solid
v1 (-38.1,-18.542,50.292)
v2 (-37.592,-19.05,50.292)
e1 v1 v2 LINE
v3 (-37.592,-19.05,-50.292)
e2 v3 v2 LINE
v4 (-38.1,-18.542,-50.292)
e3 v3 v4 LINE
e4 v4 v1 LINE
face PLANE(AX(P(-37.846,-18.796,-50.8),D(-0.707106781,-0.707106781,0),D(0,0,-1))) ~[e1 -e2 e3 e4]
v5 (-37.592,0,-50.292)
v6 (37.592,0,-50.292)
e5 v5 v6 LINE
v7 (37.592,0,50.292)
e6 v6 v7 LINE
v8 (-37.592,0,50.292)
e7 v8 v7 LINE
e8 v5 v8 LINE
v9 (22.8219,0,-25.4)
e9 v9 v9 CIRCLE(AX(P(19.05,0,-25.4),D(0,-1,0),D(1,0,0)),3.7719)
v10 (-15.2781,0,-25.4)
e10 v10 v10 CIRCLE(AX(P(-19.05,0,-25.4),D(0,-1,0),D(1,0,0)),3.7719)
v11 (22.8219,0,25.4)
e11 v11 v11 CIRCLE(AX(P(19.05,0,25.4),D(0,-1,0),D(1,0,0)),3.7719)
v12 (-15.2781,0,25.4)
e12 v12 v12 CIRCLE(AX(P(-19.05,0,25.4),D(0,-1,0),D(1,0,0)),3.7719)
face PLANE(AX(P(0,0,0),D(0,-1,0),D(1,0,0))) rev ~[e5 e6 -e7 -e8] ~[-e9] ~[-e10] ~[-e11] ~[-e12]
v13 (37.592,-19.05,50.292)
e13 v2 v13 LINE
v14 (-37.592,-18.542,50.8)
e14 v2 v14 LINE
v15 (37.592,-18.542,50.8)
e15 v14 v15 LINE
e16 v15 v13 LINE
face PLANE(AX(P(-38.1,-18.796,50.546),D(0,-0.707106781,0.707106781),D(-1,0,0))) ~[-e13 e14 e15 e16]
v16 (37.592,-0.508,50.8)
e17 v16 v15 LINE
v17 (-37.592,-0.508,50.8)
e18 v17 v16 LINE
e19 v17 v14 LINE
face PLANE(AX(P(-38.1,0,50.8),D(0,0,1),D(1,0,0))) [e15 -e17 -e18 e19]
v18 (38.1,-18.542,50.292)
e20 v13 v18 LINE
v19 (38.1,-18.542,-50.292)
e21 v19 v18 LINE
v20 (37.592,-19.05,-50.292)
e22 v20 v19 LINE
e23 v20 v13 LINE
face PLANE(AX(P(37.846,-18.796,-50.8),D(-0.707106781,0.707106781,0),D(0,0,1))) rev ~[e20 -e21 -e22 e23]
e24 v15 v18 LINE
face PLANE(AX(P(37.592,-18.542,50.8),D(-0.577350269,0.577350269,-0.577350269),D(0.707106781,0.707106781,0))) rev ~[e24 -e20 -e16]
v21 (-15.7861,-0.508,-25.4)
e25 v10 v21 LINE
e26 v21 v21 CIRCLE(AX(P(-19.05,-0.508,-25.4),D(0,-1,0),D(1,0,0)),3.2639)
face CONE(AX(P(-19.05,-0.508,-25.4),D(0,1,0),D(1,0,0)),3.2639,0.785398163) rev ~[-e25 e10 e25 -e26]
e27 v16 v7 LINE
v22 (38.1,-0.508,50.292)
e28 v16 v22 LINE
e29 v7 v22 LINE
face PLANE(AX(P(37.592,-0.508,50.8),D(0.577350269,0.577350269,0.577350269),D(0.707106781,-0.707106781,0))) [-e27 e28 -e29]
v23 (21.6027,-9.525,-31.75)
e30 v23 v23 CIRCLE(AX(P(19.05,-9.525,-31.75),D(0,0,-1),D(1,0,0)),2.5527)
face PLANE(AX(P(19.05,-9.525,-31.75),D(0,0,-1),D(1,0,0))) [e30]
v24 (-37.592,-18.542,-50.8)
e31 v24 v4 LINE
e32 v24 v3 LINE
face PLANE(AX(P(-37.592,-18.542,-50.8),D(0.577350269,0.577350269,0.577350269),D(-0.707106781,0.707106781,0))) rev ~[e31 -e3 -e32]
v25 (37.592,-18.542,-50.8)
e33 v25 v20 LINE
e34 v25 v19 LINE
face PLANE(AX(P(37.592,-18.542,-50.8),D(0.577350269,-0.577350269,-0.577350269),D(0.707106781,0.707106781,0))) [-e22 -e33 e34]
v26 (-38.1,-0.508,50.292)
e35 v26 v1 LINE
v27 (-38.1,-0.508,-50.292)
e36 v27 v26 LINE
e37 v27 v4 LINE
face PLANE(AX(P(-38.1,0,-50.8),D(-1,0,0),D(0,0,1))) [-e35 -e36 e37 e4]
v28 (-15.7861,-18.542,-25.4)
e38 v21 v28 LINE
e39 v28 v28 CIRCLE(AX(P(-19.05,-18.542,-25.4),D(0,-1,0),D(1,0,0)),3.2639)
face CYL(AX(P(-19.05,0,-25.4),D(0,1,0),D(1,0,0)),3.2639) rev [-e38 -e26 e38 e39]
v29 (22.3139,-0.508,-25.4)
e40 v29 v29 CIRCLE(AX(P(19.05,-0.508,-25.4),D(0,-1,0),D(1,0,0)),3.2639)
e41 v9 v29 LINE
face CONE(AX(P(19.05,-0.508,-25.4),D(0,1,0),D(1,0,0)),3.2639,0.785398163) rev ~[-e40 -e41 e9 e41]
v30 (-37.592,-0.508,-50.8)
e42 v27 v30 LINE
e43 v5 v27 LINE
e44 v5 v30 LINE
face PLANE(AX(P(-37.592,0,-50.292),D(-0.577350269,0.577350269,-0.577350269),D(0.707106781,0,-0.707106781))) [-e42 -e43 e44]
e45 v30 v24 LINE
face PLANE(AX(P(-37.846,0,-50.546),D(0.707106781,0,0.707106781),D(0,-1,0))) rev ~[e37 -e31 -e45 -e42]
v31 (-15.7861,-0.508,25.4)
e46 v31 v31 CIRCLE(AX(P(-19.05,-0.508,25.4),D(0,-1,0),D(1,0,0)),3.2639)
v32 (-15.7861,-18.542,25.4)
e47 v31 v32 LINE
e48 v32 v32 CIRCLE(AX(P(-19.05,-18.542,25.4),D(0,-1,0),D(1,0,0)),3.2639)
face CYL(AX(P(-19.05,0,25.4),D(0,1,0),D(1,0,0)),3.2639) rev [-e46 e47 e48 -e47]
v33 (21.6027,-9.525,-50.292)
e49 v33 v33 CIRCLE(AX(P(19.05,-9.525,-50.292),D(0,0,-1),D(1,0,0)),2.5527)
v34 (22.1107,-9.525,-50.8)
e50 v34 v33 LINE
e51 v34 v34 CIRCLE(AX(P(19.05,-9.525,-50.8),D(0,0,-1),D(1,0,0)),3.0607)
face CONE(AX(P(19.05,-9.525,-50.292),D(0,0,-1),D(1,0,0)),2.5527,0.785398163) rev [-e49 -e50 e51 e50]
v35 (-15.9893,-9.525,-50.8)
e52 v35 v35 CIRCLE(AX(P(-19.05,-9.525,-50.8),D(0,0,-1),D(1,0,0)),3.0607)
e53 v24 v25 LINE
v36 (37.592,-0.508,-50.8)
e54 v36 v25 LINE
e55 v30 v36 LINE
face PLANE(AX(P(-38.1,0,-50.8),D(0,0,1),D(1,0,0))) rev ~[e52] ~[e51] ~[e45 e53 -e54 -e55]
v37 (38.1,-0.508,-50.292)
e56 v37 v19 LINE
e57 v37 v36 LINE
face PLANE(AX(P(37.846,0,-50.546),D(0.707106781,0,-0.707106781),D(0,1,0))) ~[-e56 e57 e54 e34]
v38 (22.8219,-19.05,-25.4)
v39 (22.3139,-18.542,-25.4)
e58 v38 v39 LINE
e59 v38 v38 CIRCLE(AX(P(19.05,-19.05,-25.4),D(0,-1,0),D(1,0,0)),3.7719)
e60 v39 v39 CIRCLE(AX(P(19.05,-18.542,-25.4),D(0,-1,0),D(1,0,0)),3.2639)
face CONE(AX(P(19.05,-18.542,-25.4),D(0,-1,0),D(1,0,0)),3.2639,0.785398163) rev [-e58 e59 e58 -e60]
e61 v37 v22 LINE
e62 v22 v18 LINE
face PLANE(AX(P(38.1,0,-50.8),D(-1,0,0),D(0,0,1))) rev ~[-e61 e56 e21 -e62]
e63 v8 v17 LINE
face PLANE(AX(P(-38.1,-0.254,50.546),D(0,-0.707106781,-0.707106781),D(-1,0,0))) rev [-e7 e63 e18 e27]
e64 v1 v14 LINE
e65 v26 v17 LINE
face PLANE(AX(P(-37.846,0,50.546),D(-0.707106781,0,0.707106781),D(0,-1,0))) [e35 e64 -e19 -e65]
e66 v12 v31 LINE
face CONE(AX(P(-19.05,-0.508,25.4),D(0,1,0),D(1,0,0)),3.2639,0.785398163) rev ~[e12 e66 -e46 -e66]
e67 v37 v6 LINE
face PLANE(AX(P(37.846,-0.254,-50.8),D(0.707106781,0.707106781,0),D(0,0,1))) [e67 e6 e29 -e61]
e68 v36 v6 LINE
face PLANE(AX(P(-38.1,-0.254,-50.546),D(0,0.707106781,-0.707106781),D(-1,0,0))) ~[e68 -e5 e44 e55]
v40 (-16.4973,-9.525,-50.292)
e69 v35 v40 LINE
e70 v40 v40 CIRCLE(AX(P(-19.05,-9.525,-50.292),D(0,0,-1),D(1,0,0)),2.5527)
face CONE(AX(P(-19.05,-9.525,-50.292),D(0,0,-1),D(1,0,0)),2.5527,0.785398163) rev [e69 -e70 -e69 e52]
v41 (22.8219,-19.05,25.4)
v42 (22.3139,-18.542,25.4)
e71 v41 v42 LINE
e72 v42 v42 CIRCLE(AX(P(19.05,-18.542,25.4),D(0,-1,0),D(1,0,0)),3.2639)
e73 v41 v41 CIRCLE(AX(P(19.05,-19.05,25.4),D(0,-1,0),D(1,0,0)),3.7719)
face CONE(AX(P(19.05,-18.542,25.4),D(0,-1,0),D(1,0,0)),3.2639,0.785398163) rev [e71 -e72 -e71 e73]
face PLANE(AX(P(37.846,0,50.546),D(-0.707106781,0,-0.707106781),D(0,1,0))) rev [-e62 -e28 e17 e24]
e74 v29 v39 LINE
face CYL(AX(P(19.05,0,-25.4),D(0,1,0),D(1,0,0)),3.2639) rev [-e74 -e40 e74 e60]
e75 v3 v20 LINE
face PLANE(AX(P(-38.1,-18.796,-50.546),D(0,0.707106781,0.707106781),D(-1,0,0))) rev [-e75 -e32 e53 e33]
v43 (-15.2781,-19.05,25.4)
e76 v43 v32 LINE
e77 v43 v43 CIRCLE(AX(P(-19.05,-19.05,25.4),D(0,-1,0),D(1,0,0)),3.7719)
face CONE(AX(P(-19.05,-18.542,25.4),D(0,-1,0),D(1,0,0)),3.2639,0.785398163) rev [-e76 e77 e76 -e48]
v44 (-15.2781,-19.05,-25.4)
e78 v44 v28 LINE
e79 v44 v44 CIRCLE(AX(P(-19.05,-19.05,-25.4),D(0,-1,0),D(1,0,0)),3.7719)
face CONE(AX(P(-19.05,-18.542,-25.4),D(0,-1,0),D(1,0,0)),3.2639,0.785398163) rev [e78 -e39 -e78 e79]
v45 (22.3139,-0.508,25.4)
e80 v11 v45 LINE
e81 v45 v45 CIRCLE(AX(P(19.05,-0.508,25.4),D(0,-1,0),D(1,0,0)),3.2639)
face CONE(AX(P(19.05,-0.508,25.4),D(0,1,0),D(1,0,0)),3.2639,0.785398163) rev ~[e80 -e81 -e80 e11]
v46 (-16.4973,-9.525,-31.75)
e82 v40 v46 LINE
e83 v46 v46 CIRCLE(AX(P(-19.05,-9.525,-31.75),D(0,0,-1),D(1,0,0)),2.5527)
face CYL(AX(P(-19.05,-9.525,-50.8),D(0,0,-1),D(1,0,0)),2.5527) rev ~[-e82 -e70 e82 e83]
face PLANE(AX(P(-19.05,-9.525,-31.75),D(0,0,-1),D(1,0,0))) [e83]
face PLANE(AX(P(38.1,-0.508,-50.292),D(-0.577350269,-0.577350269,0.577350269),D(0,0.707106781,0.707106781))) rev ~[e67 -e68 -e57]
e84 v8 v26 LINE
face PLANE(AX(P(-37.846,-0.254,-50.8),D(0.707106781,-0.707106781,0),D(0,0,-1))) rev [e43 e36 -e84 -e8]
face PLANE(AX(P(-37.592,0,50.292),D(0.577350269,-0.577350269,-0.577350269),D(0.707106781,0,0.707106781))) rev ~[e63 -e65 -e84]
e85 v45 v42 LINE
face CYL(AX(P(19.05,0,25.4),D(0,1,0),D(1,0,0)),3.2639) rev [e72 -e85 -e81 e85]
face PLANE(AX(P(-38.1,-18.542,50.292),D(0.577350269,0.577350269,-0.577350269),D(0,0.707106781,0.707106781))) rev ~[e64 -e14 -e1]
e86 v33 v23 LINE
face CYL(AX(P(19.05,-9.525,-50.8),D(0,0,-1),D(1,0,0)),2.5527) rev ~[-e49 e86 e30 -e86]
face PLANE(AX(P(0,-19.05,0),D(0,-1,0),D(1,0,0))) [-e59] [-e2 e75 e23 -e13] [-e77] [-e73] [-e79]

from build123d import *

# Parameters (mm, degrees)
F0_W     = 76.2
F0_H     = 101.6
F0_R     = 3.2639
F1_DEPTH = 19.05
F2_R     = 2.5527
F3_DEPTH = 19.05
F4_SIZE  = 0.508


with BuildPart() as f1:
    # F0 (on Front) → F1 (new body)
    with BuildSketch(Plane.XZ):
        Rectangle(F0_W, F0_H)
        with Locations((-19.05, -25.4)):
            Circle(F0_R, mode=Mode.SUBTRACT)
        with Locations((19.05, -25.4)):
            Circle(F0_R, mode=Mode.SUBTRACT)
        with Locations((-19.05, 25.4)):
            Circle(F0_R, mode=Mode.SUBTRACT)
        with Locations((19.05, 25.4)):
            Circle(F0_R, mode=Mode.SUBTRACT)
    extrude(amount=F1_DEPTH)

    # F2 (on face) → F3 (cut)
    with BuildSketch(Plane(origin=(0, 0, -50.8), x_dir=(1, 0, 0), z_dir=(0, 0, -1))):
        with Locations((-19.05, 9.525)):
            Circle(F2_R)
        with Locations((19.05, 9.525)):
            Circle(F2_R)
    extrude(amount=-F3_DEPTH, mode=Mode.SUBTRACT)

    # F4
    f4_edges = [f1.edges().sort_by_distance(p)[0] for p in [
        (38.1, -19.05, 0),
        (0, -19.05, 50.8),
        (-38.1, -19.05, 0),
        (0, -19.05, -50.8),
        (-22.3139, -19.05, -25.4),
        (15.7861, -19.05, -25.4),
        (-22.3139, -19.05, 25.4),
        (15.7861, -19.05, 25.4),
        (-38.1, -9.525, 50.8),
        (-38.1, -9.525, -50.8),
        (-38.1, 0, 0),
        (0, 0, -50.8),
        (38.1, -9.525, -50.8),
        (-21.6027, -9.525, -50.8),
        (16.4973, -9.525, -50.8),
        (38.1, 0, 0),
        (0, 0, 50.8),
        (-22.3139, 0, -25.4),
        (15.7861, 0, -25.4),
        (-22.3139, 0, 25.4),
        (15.7861, 0, 25.4),
        (38.1, -9.525, 50.8),
    ]]
    chamfer(f4_edges, length=F4_SIZE)


solid = f1.part
